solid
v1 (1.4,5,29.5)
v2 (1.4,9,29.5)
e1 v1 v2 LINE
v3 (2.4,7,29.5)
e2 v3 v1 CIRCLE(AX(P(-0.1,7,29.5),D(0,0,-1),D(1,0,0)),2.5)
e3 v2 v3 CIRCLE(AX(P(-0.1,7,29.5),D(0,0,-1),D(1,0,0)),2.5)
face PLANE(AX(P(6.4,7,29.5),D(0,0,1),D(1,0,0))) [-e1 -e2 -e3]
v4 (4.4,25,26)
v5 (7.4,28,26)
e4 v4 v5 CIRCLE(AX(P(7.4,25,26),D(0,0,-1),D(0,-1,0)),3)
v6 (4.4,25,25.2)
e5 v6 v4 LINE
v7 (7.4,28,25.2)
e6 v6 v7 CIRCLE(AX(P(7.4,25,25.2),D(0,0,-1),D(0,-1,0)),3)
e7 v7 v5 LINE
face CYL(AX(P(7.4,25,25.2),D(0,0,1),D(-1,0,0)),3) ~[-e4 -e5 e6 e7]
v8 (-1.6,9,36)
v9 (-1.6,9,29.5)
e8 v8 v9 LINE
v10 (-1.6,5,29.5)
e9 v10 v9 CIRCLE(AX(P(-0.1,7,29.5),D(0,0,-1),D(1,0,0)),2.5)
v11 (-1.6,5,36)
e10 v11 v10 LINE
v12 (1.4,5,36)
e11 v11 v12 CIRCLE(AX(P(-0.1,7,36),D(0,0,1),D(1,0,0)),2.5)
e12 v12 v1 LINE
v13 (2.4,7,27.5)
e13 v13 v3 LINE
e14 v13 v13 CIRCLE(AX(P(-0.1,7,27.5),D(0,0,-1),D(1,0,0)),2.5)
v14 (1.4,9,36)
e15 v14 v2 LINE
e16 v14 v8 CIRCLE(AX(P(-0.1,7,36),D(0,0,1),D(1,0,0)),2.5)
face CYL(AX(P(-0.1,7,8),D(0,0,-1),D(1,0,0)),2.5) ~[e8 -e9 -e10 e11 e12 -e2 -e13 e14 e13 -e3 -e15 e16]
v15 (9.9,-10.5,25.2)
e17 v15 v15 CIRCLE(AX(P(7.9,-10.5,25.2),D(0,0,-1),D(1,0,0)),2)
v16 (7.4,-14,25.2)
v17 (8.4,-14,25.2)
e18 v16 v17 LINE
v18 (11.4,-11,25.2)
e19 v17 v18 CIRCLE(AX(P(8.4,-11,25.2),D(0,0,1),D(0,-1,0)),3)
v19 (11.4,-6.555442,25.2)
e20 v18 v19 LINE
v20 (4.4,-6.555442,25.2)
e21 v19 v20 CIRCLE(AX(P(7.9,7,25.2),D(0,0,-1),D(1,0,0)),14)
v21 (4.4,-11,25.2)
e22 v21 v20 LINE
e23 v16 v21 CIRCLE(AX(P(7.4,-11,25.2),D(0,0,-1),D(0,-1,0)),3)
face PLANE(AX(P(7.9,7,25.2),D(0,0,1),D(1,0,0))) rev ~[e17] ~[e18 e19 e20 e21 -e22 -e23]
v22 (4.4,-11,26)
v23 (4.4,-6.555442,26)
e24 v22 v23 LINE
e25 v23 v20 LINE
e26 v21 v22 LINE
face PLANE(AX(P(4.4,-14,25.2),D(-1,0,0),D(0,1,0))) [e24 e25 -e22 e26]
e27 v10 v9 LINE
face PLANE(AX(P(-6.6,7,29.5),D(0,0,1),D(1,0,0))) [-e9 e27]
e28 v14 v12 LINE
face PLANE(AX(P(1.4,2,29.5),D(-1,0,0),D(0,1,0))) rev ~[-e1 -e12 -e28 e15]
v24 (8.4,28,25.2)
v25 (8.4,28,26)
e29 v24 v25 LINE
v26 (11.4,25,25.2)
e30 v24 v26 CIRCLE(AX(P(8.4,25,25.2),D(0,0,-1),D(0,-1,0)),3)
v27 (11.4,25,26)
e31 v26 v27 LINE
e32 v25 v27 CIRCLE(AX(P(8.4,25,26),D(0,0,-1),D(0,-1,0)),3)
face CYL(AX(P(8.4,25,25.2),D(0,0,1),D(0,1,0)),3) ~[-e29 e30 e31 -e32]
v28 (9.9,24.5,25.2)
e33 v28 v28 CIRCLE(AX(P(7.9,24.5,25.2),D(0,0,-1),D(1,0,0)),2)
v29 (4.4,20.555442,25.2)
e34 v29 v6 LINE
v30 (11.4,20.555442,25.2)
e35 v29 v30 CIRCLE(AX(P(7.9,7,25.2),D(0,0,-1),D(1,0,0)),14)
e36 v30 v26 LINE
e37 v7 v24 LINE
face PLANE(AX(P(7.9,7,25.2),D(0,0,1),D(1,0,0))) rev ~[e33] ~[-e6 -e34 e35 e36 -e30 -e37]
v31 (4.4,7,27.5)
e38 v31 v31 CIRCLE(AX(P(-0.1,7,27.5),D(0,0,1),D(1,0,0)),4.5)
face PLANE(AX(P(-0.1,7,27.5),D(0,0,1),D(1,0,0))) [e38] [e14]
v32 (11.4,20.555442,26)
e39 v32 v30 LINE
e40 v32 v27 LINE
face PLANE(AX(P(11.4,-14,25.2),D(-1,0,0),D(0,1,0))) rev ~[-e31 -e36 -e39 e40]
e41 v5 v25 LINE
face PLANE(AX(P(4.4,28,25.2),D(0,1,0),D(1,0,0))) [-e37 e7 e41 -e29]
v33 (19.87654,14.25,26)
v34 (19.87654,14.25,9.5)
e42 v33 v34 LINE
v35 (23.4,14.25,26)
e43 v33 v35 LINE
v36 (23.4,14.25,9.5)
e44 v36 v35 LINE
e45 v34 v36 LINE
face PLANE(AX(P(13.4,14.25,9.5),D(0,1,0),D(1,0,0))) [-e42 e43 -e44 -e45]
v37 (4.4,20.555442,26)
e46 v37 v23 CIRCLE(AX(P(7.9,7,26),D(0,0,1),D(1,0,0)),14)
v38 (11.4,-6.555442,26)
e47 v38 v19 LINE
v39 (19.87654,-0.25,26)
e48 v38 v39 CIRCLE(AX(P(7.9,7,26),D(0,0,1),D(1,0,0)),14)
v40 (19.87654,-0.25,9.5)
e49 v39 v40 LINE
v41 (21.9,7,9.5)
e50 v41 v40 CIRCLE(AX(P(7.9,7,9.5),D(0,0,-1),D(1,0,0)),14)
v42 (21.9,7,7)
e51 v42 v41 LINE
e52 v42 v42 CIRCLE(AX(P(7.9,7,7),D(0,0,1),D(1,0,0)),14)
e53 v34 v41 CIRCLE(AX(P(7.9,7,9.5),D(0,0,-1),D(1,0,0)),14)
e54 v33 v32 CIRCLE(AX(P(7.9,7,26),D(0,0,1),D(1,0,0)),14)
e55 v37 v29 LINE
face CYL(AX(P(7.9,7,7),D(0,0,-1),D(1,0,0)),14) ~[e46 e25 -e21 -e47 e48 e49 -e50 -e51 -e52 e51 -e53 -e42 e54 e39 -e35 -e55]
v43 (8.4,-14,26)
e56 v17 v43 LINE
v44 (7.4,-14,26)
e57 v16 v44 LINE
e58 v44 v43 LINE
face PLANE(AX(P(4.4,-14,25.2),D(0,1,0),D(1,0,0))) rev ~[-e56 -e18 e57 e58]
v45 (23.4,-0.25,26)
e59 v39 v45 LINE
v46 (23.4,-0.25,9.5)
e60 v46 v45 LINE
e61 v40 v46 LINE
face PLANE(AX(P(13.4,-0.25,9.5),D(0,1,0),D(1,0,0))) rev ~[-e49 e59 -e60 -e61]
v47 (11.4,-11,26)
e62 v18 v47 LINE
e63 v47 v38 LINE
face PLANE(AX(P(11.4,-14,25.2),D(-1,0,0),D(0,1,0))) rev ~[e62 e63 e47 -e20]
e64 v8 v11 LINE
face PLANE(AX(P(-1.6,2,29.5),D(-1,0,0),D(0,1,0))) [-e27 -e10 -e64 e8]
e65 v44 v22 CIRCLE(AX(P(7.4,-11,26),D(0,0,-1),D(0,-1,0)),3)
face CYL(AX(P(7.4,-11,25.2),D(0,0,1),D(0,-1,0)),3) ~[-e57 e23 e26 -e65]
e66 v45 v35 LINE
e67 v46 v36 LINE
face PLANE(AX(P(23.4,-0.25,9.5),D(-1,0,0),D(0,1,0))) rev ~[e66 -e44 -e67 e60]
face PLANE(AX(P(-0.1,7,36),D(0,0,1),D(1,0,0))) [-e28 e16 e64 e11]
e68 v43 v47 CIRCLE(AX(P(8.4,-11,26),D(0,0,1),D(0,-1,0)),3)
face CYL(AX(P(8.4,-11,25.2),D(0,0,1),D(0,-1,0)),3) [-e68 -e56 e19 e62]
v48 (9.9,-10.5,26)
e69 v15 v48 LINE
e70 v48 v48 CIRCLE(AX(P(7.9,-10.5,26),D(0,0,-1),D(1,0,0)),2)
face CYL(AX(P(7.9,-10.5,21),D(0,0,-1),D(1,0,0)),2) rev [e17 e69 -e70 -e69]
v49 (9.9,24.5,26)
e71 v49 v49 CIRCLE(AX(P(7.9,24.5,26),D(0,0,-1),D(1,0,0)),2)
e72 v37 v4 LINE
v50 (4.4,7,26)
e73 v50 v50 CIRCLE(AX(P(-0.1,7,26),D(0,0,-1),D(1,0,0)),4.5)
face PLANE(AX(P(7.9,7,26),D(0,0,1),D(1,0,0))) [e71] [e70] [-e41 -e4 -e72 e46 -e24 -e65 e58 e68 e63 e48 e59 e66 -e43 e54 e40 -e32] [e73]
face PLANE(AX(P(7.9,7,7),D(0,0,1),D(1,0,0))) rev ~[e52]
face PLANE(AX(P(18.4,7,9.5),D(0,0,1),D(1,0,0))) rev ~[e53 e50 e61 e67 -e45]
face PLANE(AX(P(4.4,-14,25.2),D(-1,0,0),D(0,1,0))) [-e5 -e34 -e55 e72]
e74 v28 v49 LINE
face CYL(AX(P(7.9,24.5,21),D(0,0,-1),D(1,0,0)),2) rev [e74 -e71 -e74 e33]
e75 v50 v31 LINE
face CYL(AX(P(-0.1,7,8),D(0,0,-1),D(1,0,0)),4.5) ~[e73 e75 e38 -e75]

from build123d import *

# Parameters (mm, degrees)
CYLINDER002_R     = 2
CYLINDER002_DEPTH = 20
CYLINDER001_R     = 2
CYLINDER001_DEPTH = 20
CYLINDER004_R     = 4.5
CYLINDER004_DEPTH = 19.5
BOX001_W          = 7
BOX001_H          = 42
BOX001_DEPTH      = 0.8
FILLET_R          = 3
FILLET001_R       = 3
FILLET002_R       = 3
FILLET003_R       = 3
BOX_W             = 10
BOX_H             = 14.5
BOX_DEPTH         = 16.5
CYLINDER_R        = 14
CYLINDER_DEPTH    = 19
BOX002_W          = 10
BOX002_H          = 10
BOX002_DEPTH      = 10
BOX003_W          = 10
BOX003_H          = 10
BOX003_DEPTH      = 10
CYLINDER003_R     = 2.5
CYLINDER003_DEPTH = 28


with BuildPart() as cylinder002:
    # Cylinder002 → Cylinder002 (new body)
    with BuildSketch(Plane(origin=(0, -17.5, 14), x_dir=(1, 0, 0), z_dir=(0, 0, 1))):
        Circle(CYLINDER002_R)
    extrude(amount=CYLINDER002_DEPTH)


with BuildPart() as cylinder001:
    # Cylinder001 → Cylinder001 (new body)
    with BuildSketch(Plane(origin=(0, 17.5, 14), x_dir=(1, 0, 0), z_dir=(0, 0, 1))):
        Circle(CYLINDER001_R)
    extrude(amount=CYLINDER001_DEPTH)


with BuildPart() as shaft_boss:
    # Cylinder004 → Cylinder004 (new body)
    with BuildSketch(Plane(origin=(-8, 0, 1), x_dir=(1, 0, 0), z_dir=(0, 0, 1))):
        Circle(CYLINDER004_R)
    extrude(amount=CYLINDER004_DEPTH)


with BuildPart() as fillet003:
    # Box001 → Box001 (new body)
    with BuildSketch(Plane(origin=(-3.5, -21, 18.2), x_dir=(1, 0, 0), z_dir=(0, 0, 1))):
        with Locations((3.5, 21)):
            Rectangle(BOX001_W, BOX001_H)
    extrude(amount=BOX001_DEPTH)

    # Fillet
    fillet_edges = [fillet003.edges().sort_by_distance(p)[0] for p in [
        (3.5, -21, 18.6),
    ]]
    fillet(fillet_edges, radius=FILLET_R)

    # Fillet001
    fillet001_edges = [fillet003.edges().sort_by_distance(p)[0] for p in [
        (-3.5, -21, 18.6),
    ]]
    fillet(fillet001_edges, radius=FILLET001_R)

    # Fillet002
    fillet002_edges = [fillet003.edges().sort_by_distance(p)[0] for p in [
        (-3.5, 21, 18.6),
    ]]
    fillet(fillet002_edges, radius=FILLET002_R)

    # Fillet003
    fillet003_edges = [fillet003.edges().sort_by_distance(p)[0] for p in [
        (3.5, 21, 18.6),
    ]]
    fillet(fillet003_edges, radius=FILLET003_R)


with BuildPart() as cube:
    # Box → Box (new body)
    with BuildSketch(Plane(origin=(5.5, -7.25, 2.5), x_dir=(1, 0, 0), z_dir=(0, 0, 1))):
        with Locations((5, 7.25)):
            Rectangle(BOX_W, BOX_H)
    extrude(amount=BOX_DEPTH)


with BuildPart() as motor_body:
    # Cylinder → Cylinder (new body)
    with BuildSketch(Plane.XY):
        Circle(CYLINDER_R)
    extrude(amount=CYLINDER_DEPTH)

    # Fusion: union Cube
    add(cube.part)

    # Fusion001: union Fillet003
    add(fillet003.part)

    # Fusion002: union shaft-boss
    add(shaft_boss.part)

    # Cut002: cut Cylinder001
    add(cylinder001.part, mode=Mode.SUBTRACT)

    # Cut003: cut Cylinder002
    add(cylinder002.part, mode=Mode.SUBTRACT)


with BuildPart() as cube002:
    # Box002 → Box002 (new body)
    with BuildSketch(Plane(origin=(-6.5, -5, 22.5), x_dir=(1, 0, 0), z_dir=(0, 0, 1))):
        with Locations((5, 5)):
            Rectangle(BOX002_W, BOX002_H)
    extrude(amount=BOX002_DEPTH)


with BuildPart() as cube003:
    # Box003 → Box003 (new body)
    with BuildSketch(Plane(origin=(-19.5, -5, 22.5), x_dir=(1, 0, 0), z_dir=(0, 0, 1))):
        with Locations((5, 5)):
            Rectangle(BOX003_W, BOX003_H)
    extrude(amount=BOX003_DEPTH)


with BuildPart() as f_28byj_48_motor:
    # Cylinder003 → Cylinder003 (new body)
    with BuildSketch(Plane(origin=(-8, 0, 1), x_dir=(1, 0, 0), z_dir=(0, 0, 1))):
        Circle(CYLINDER003_R)
    extrude(amount=CYLINDER003_DEPTH)

    # Cut: cut Cube003
    add(cube003.part, mode=Mode.SUBTRACT)

    # Cut001: cut Cube002
    add(cube002.part, mode=Mode.SUBTRACT)

    # Fusion003: union motor-body
    add(motor_body.part)


with BuildPart() as f_28byj_48_motor_1:
    # Fusion003 placement: moved
    add(f_28byj_48_motor.part.moved(Location((7.9, 7, 7))))


solid = f_28byj_48_motor_1.part
